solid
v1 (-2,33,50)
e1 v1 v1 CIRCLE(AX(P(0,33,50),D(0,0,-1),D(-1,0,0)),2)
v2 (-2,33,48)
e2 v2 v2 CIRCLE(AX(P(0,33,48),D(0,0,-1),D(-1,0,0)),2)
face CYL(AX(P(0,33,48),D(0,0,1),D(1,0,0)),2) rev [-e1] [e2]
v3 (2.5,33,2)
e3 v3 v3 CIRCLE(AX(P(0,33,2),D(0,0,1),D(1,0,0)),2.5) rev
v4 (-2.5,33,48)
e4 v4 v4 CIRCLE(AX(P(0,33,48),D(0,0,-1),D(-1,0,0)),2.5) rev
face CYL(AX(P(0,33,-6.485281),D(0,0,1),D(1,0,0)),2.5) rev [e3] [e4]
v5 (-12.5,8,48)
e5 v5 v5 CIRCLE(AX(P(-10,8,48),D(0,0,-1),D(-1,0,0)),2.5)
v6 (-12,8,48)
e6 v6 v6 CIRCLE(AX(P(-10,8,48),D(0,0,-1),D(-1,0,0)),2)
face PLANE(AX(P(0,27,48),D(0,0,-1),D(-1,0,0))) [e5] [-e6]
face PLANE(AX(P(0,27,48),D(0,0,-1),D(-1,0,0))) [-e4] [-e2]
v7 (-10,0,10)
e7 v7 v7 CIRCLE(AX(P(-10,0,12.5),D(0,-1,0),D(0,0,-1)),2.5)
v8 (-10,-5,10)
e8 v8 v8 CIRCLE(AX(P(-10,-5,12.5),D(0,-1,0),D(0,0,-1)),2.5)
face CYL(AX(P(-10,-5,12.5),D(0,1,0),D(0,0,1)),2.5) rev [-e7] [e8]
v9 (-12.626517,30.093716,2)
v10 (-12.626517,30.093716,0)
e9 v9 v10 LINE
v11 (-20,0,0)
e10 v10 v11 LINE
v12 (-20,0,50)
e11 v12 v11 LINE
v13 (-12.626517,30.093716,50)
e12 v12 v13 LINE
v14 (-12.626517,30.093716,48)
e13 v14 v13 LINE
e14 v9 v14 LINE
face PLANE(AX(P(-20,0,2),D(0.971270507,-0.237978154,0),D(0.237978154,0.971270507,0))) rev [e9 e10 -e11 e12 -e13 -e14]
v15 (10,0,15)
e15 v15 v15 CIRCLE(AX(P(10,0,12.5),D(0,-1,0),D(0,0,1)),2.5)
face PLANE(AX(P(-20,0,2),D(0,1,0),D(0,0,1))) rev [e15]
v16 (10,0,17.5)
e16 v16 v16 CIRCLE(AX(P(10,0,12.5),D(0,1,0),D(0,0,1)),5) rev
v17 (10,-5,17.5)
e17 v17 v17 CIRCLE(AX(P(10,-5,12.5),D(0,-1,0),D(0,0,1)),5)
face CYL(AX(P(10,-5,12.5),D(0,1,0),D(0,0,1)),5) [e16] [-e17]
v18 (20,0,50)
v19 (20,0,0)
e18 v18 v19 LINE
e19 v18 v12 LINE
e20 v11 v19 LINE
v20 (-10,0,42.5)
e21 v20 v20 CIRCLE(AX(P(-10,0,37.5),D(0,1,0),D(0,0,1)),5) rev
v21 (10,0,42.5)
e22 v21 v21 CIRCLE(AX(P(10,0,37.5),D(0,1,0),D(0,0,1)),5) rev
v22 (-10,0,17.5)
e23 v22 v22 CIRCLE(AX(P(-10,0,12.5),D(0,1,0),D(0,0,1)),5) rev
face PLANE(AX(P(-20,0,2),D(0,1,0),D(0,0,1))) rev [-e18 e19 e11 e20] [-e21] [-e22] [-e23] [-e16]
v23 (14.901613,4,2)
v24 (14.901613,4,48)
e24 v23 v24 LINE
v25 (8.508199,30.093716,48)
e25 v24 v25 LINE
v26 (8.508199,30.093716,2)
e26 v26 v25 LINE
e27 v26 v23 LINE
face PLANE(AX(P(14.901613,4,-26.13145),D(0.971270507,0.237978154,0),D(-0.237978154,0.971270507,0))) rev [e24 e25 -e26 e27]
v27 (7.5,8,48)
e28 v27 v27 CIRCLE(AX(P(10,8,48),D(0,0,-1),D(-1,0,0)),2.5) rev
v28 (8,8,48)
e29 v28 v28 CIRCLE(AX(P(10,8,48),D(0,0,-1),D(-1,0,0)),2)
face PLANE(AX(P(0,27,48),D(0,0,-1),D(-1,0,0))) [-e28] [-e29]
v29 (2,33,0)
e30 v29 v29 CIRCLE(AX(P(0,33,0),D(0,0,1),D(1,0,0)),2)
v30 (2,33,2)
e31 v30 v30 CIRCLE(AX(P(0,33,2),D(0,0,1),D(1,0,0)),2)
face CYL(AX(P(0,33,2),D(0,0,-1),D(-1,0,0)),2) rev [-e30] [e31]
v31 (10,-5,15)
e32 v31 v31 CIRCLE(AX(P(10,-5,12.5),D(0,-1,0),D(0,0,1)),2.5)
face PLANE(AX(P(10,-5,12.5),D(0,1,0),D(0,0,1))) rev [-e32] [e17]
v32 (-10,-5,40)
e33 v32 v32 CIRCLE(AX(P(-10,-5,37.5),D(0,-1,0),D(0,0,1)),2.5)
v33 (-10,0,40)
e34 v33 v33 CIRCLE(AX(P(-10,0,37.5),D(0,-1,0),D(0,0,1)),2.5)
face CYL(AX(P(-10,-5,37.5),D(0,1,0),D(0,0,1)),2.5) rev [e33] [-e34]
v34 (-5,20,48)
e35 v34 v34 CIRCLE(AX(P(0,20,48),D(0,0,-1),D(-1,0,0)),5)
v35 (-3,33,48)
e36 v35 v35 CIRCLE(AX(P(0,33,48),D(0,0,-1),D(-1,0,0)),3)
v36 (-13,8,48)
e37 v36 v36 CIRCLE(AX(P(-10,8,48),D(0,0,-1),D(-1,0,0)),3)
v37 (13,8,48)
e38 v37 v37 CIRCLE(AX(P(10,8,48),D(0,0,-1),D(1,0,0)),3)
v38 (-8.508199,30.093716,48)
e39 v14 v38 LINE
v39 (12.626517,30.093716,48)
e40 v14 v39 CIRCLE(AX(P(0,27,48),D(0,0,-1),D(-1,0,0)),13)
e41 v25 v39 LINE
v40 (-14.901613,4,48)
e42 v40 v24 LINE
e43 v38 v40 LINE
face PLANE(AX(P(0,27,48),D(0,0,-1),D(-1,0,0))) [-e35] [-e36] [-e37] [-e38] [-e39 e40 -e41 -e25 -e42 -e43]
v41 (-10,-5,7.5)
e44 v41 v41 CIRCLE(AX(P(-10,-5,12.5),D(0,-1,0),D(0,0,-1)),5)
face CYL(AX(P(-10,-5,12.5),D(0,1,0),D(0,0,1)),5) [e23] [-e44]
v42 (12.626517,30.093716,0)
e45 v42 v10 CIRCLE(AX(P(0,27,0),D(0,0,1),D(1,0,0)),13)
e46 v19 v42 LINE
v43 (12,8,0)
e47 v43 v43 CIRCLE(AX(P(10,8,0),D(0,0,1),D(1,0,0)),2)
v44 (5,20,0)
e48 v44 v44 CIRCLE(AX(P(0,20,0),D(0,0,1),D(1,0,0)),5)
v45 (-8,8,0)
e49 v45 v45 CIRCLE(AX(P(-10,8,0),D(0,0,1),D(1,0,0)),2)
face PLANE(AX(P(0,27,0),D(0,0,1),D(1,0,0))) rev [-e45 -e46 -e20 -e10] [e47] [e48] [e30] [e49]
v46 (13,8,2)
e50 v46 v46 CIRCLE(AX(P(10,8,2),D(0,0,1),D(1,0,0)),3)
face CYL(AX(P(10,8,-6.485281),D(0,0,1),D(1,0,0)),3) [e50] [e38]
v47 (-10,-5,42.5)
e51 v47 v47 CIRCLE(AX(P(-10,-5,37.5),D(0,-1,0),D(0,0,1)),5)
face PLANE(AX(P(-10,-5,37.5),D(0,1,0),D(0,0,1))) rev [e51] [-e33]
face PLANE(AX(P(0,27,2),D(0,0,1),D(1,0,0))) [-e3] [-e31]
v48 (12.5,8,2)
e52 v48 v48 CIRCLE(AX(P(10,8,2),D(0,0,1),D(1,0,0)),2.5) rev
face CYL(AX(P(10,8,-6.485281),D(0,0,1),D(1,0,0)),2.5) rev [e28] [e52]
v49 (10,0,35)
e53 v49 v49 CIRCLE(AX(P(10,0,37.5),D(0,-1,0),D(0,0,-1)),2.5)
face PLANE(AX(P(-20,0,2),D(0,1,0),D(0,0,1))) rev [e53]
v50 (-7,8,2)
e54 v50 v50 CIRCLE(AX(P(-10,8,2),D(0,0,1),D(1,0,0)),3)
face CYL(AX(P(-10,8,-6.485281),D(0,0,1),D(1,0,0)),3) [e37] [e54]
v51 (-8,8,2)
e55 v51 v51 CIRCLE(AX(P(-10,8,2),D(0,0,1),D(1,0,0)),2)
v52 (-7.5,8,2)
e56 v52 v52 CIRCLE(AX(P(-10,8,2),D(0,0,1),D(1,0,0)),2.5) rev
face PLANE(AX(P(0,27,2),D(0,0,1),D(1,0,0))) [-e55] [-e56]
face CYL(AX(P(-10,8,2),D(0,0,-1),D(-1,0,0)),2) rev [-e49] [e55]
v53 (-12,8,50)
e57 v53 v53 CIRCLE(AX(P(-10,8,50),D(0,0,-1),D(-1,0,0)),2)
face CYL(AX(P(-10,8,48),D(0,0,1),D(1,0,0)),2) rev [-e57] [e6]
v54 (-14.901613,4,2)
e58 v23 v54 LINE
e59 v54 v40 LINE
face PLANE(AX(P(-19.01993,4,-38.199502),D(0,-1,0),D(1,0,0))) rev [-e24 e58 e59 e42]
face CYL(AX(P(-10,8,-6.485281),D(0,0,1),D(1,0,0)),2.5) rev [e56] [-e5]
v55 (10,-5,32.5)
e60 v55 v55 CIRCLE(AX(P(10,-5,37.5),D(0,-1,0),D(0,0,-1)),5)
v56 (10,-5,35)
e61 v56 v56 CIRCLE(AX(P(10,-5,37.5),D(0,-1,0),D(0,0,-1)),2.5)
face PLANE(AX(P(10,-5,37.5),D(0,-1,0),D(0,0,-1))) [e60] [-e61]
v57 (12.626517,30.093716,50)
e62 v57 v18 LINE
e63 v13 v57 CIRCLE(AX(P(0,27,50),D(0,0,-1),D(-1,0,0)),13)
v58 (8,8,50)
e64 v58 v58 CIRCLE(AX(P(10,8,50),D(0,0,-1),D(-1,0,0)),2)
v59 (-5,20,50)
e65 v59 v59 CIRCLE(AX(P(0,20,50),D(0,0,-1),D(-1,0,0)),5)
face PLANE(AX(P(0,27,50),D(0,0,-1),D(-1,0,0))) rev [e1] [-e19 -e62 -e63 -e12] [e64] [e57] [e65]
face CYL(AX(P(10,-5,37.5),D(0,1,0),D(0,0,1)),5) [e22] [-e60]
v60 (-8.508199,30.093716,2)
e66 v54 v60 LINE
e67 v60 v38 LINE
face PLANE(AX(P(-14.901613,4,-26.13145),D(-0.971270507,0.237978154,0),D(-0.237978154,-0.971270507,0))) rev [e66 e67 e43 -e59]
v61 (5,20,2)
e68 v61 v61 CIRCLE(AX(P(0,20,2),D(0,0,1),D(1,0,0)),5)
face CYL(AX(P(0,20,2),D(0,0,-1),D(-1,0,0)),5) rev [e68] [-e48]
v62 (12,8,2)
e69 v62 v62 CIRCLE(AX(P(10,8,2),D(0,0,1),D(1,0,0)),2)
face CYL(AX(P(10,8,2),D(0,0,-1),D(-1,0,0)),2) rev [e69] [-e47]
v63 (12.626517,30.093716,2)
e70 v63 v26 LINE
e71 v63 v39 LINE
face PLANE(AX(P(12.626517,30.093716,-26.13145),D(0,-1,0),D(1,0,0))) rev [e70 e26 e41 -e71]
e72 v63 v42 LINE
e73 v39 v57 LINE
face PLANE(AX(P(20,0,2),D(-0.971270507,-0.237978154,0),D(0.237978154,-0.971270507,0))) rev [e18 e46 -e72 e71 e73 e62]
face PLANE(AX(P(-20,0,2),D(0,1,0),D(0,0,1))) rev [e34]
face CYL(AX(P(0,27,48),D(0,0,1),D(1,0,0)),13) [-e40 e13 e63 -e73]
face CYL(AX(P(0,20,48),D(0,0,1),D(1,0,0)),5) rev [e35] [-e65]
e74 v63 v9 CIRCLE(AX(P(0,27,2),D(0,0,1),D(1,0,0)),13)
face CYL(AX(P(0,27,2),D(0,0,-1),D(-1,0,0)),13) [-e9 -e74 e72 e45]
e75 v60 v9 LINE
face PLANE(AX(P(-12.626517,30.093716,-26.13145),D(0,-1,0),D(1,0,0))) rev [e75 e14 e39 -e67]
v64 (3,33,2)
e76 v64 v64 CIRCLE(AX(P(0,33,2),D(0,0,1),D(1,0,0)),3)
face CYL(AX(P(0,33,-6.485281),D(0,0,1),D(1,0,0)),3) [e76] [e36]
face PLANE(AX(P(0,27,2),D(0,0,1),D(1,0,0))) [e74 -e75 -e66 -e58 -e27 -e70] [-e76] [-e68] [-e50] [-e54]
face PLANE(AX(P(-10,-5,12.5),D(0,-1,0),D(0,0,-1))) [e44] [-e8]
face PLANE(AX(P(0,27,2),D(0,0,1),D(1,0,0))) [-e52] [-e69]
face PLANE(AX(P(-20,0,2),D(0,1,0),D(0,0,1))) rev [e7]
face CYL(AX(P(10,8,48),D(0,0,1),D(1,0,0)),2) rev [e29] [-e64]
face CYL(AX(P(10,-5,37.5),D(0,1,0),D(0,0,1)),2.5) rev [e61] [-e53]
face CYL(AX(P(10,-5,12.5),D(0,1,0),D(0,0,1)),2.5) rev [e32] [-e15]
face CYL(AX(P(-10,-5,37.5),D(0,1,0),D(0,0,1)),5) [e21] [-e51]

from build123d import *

# Parameters (mm, degrees)
SKETCH1_R           = 5
SKETCH1_R_2         = 2
BOSS_EXTRUDE1_DEPTH = 2
SKETCH2_R           = 5
SKETCH2_R_2         = 2
BOSS_EXTRUDE2_DEPTH = 2
SKETCH4_R           = 3
SKETCH4_R_2         = 2.5
BOSS_EXTRUDE3_DEPTH = 46
BOSS_EXTRUDE4_DEPTH = 46
BOSS_EXTRUDE5_DEPTH = 46
SKETCH9_R           = 5
SKETCH9_R_2         = 2.5
BOSS_EXTRUDE6_DEPTH = 5


with BuildPart() as part:
    # Sketch1 → Boss-Extrude1 (new body)
    with BuildSketch(Plane.XY):
        with BuildLine():
            Line((-20, 0), (20, 0))
            Line((20, 0), (12.626516595, 30.093715997))
            ThreePointArc((12.626516595, 30.093715997), (0, 40), (-12.626516595, 30.093715997))
            Line((-12.626516595, 30.093715997), (-20, 0))
        make_face()
        with Locations((0, 20)):
            Circle(SKETCH1_R, mode=Mode.SUBTRACT)
        with Locations((0, 33)):
            Circle(SKETCH1_R_2, mode=Mode.SUBTRACT)
        with Locations((10, 8)):
            Circle(SKETCH1_R_2, mode=Mode.SUBTRACT)
        with Locations((-10, 8)):
            Circle(SKETCH1_R_2, mode=Mode.SUBTRACT)
    extrude(amount=BOSS_EXTRUDE1_DEPTH)



with BuildPart() as body_2:
    # Sketch2 → Boss-Extrude2 (new body)
    with BuildSketch(Plane(origin=(0, 0, 50), x_dir=(-1, 0, 0), z_dir=(0, 0, -1))):
        with BuildLine():
            Line((-12.626516595, 30.093715997), (-20, 0))
            Line((-20, 0), (20, 0))
            Line((20, 0), (12.626516595, 30.093715997))
            ThreePointArc((12.626516595, 30.093715997), (0, 40), (-12.626516595, 30.093715997))
        make_face()
        with Locations(Location((0, 20, 0), (0, 0, 180))):
            Circle(SKETCH2_R, mode=Mode.SUBTRACT)
        with Locations(Location((0, 33, 0), (0, 0, 180))):
            Circle(SKETCH2_R_2, mode=Mode.SUBTRACT)
        with Locations(Location((10, 8, 0), (0, 0, 180))):
            Circle(SKETCH2_R_2, mode=Mode.SUBTRACT)
        with Locations(Location((-10, 8, 0), (0, 0, 180))):
            Circle(SKETCH2_R_2, mode=Mode.SUBTRACT)
    extrude(amount=BOSS_EXTRUDE2_DEPTH)


with BuildPart() as part_1:
    add(part.part)

    add(body_2.part)  # Boss-Extrude3 merges body 2
    # Sketch4 → Boss-Extrude3 (add)
    # profile 1 of 3: a face of its own
    with BuildSketch(Plane(origin=(0, 0, 48), x_dir=(-1, 0, 0), z_dir=(0, 0, -1))):
        with Locations(Location((10, 8, 0), (0, 0, 180))):
            Circle(SKETCH4_R)
        with Locations(Location((10, 8, 0), (0, 0, 180))):
            Circle(SKETCH4_R_2, mode=Mode.SUBTRACT)
    # profile 2 of 3: a face of its own
    with BuildSketch(Plane(origin=(0, 0, 48), x_dir=(-1, 0, 0), z_dir=(0, 0, -1))):
        with Locations(Location((0, 33, 0), (0, 0, 180))):
            Circle(SKETCH4_R)
        with Locations(Location((0, 33, 0), (0, 0, 180))):
            Circle(SKETCH4_R_2, mode=Mode.SUBTRACT)
    # profile 3 of 3: a face of its own
    with BuildSketch(Plane(origin=(0, 0, 48), x_dir=(-1, 0, 0), z_dir=(0, 0, -1))):
        with Locations(Location((-10, 8, 0), (0, 0, 180))):
            Circle(SKETCH4_R)
        with Locations(Location((-10, 8, 0), (0, 0, 180))):
            Circle(SKETCH4_R_2, mode=Mode.SUBTRACT)
    extrude(amount=BOSS_EXTRUDE3_DEPTH)

    # Sketch5 → Boss-Extrude4 (add)
    with BuildSketch(Plane(origin=(0, 0, 48), x_dir=(-1, 0, 0), z_dir=(0, 0, -1))):
        Polygon((-20, 0), (20, 0), (19.019930486, 4), (-19.019930486, 4), align=None)
    extrude(amount=BOSS_EXTRUDE4_DEPTH)

    # Sketch6 → Boss-Extrude5 (add)
    with BuildSketch(Plane(origin=(0, 0, 48), x_dir=(-1, 0, 0), z_dir=(0, 0, -1))):
        Polygon((19.019930486, 4), (12.626516595, 30.093715997), (8.508199433, 30.093715997), (14.901613323, 4), align=None)
        Polygon((-19.019930486, 4), (-14.901613323, 4), (-8.508199433, 30.093715997), (-12.626516595, 30.093715997), align=None)
    extrude(amount=BOSS_EXTRUDE5_DEPTH)

    # Sketch9 → Boss-Extrude6 (add)
    # profile 1 of 4: a face of its own
    with BuildSketch(Plane.XZ):
        with Locations(Location((-10, 12.5, 0), (0, 0, 90))):
            Circle(SKETCH9_R)
        with Locations(Location((-10, 12.5, 0), (0, 0, 270))):
            Circle(SKETCH9_R_2, mode=Mode.SUBTRACT)
    # profile 2 of 4: a face of its own
    with BuildSketch(Plane.XZ):
        with Locations(Location((-10, 37.5, 0), (0, 0, 90))):
            Circle(SKETCH9_R)
        with Locations(Location((-10, 37.5, 0), (0, 0, 90))):
            Circle(SKETCH9_R_2, mode=Mode.SUBTRACT)
    # profile 3 of 4: a face of its own
    with BuildSketch(Plane.XZ):
        with Locations(Location((10, 12.5, 0), (0, 0, 90))):
            Circle(SKETCH9_R)
        with Locations(Location((10, 12.5, 0), (0, 0, 90))):
            Circle(SKETCH9_R_2, mode=Mode.SUBTRACT)
    # profile 4 of 4: a face of its own
    with BuildSketch(Plane.XZ):
        with Locations(Location((10, 37.5, 0), (0, 0, 90))):
            Circle(SKETCH9_R)
        with Locations(Location((10, 37.5, 0), (0, 0, 270))):
            Circle(SKETCH9_R_2, mode=Mode.SUBTRACT)
    extrude(amount=BOSS_EXTRUDE6_DEPTH)


solid = part_1.part
